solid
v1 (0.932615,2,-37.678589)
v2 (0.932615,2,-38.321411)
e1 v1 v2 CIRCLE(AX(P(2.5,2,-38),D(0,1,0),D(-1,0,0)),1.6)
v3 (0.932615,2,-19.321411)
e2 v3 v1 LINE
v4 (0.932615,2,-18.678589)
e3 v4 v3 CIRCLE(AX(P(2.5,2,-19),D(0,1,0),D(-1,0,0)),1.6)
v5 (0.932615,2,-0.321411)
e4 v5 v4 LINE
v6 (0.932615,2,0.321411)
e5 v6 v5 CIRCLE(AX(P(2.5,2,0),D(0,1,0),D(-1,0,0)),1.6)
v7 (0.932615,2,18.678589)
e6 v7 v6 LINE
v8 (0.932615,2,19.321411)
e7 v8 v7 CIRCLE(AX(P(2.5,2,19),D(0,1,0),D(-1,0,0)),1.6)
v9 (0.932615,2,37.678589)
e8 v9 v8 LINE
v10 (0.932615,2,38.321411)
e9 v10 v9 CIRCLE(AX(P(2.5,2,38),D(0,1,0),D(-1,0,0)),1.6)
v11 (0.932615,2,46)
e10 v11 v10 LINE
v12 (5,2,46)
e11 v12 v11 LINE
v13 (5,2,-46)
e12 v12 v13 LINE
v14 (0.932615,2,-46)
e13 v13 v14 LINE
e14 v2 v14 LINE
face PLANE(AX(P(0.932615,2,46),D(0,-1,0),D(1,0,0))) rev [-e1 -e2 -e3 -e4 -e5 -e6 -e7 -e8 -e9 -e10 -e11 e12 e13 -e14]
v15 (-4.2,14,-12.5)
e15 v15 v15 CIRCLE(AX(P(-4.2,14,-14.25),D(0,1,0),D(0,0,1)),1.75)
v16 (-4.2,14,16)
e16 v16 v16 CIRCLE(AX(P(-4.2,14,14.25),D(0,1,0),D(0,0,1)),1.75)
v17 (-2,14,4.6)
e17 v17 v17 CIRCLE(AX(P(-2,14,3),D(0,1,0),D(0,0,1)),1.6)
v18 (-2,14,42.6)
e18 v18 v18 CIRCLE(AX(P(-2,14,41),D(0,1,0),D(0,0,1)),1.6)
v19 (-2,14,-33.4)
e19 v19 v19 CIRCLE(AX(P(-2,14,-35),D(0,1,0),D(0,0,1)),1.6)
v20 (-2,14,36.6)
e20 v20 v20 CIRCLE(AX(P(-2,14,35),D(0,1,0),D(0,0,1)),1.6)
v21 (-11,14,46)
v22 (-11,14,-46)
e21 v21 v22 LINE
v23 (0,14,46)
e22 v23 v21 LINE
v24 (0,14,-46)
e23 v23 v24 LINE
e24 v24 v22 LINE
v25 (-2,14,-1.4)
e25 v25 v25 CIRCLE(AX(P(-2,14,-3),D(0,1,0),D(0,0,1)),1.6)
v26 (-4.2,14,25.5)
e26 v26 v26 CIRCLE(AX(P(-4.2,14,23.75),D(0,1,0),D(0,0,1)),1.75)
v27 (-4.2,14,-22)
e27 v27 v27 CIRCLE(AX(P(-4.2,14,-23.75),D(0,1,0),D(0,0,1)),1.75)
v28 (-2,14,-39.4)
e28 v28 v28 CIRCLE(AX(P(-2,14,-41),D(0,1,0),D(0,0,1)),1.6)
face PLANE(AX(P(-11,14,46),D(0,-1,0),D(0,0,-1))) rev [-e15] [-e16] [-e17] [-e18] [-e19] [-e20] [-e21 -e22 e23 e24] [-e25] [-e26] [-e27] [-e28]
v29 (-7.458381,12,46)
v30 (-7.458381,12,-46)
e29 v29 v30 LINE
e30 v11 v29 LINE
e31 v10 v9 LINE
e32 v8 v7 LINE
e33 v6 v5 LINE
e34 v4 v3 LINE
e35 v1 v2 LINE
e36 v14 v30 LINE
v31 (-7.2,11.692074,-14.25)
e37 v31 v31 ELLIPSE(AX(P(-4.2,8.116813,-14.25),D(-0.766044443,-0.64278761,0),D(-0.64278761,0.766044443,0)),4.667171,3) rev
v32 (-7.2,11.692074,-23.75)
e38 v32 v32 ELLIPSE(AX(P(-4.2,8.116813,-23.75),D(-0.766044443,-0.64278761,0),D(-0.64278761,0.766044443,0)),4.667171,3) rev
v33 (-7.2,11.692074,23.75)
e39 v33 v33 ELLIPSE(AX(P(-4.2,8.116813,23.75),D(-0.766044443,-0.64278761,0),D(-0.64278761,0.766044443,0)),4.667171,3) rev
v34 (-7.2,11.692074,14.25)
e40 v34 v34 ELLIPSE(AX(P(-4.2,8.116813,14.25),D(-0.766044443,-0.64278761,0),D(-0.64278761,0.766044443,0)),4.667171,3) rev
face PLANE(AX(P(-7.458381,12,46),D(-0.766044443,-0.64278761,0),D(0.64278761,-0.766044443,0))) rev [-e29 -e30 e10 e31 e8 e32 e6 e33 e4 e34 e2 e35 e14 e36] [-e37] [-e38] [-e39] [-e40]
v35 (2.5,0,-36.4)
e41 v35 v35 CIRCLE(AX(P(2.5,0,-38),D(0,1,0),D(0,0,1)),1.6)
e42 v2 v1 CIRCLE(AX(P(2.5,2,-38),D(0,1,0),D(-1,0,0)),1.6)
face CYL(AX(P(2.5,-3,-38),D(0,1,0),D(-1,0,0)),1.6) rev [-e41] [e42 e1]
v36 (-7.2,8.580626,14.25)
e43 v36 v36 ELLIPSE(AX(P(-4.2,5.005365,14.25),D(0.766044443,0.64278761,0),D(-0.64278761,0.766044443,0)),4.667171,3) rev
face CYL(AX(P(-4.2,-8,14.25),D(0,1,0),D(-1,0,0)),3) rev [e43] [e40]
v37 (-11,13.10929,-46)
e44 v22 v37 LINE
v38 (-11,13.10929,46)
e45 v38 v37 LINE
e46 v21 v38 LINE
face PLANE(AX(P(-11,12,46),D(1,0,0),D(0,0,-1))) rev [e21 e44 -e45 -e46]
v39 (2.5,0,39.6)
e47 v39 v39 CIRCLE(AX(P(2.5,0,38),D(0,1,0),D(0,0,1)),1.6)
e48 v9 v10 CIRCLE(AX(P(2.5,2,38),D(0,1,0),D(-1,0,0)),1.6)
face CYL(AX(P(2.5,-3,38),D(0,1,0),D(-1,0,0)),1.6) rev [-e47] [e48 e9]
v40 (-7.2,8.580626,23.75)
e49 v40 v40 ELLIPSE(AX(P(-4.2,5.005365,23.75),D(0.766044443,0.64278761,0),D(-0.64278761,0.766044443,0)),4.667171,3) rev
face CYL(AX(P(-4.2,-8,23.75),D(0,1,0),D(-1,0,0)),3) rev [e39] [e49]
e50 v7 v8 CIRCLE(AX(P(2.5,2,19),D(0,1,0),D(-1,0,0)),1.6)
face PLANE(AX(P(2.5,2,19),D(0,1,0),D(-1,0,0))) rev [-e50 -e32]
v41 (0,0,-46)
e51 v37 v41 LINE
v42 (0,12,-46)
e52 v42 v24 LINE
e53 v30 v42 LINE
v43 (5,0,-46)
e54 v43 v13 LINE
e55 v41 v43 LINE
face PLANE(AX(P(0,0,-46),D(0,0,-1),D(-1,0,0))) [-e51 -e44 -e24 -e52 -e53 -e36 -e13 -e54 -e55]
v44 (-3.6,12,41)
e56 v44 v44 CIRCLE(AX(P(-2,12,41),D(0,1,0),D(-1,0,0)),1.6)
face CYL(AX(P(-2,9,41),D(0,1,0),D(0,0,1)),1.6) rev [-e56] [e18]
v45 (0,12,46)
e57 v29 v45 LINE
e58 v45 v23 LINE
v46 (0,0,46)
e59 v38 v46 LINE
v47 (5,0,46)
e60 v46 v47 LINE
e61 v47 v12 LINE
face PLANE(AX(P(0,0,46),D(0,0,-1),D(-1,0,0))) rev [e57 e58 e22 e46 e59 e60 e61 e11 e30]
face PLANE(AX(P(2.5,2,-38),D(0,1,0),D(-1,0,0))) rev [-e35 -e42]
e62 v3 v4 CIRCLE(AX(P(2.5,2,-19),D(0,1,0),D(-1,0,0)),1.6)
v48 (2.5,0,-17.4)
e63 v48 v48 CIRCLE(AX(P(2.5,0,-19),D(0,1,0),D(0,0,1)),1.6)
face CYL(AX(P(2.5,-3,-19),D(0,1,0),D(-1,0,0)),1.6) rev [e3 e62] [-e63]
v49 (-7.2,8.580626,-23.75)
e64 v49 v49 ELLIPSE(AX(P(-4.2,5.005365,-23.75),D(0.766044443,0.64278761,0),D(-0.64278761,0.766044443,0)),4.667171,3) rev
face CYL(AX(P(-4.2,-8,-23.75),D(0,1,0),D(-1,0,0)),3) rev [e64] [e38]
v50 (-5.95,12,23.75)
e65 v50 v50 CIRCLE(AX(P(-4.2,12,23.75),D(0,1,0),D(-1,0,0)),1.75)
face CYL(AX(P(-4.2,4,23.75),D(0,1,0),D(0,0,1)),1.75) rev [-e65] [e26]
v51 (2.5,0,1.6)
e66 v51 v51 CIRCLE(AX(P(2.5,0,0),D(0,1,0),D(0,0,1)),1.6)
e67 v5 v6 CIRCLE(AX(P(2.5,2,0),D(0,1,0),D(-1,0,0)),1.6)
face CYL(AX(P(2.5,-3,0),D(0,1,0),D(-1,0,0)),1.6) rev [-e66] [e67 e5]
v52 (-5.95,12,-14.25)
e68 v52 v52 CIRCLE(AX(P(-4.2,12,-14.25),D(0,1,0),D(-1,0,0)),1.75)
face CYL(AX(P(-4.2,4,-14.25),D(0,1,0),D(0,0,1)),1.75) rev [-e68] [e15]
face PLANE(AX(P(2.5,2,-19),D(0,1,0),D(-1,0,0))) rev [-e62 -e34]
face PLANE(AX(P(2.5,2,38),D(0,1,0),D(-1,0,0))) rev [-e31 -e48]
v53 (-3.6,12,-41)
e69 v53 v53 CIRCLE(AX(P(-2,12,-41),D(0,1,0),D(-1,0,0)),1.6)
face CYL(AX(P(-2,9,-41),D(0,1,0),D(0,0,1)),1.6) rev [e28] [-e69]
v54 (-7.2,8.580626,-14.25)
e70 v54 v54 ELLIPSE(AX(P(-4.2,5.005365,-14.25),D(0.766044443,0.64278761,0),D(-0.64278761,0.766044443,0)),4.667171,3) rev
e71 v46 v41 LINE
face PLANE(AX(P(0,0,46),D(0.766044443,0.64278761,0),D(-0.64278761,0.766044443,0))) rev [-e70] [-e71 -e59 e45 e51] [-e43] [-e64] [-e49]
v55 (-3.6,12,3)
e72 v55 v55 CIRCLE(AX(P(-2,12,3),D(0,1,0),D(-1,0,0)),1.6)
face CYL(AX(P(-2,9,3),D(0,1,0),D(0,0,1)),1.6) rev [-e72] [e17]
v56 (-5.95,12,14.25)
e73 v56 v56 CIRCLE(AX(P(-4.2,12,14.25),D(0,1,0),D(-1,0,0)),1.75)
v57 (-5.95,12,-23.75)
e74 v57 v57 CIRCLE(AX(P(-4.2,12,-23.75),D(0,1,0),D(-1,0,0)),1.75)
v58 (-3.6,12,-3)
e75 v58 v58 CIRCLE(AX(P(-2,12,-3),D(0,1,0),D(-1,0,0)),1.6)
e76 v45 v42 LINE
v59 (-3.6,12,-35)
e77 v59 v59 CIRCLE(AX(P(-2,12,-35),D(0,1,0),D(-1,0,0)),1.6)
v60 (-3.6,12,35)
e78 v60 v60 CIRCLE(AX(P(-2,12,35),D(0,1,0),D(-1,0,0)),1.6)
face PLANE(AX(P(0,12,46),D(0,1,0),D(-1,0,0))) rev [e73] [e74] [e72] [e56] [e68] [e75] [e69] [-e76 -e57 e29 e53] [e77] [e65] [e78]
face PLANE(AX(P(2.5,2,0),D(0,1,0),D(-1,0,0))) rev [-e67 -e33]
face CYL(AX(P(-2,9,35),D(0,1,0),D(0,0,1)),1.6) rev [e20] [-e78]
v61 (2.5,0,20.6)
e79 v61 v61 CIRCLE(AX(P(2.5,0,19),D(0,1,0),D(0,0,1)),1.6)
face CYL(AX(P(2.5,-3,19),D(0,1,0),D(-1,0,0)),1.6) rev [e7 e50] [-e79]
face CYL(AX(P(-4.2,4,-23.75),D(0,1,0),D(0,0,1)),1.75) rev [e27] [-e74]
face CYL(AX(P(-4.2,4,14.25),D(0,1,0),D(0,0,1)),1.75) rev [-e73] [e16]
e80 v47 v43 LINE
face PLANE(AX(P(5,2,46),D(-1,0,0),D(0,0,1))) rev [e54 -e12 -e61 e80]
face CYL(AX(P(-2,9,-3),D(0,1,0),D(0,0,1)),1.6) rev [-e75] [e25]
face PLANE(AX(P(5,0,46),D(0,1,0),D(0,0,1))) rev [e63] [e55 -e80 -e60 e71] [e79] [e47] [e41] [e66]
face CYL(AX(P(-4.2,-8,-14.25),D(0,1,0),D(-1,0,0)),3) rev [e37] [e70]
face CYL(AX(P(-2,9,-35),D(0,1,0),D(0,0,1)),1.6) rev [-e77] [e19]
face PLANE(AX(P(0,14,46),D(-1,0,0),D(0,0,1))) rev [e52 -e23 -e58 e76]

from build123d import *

# Parameters (mm, degrees)
EXTRUDE_1_DEPTH      = 46
EXTRUDE_1_DEPTH_BACK = 46
SKETCH_2_R           = 1.6
CUT_EXTRUDE_1_DEPTH  = 5
SKETCH_3_R           = 1.6
CUT_EXTRUDE_2_DEPTH  = 5
SKETCH_4_R           = 1.75
CUT_EXTRUDE_3_DEPTH  = 10
SKETCH_5_R           = 3
CUT_EXTRUDE_4_DEPTH  = 20
SKETCH_6_W           = 108.593038012
SKETCH_6_H           = 21.321920706
CUT_EXTRUDE_5_DEPTH  = 20


with BuildPart() as part:
    # 스케치1 → 보스-돌출1 (new, two sides: drawn at the far end of the back side and taken through both)
    with BuildSketch(Plane.XY.offset(-EXTRUDE_1_DEPTH_BACK)):
        Polygon((5, 0), (0, 0), (-10.069195574, 12), (-11, 12), (-11, 14), (0, 14), (0, 12), (-7.458380995, 12), (0.932615316, 2), (5, 2), align=None)
    extrude(amount=EXTRUDE_1_DEPTH + EXTRUDE_1_DEPTH_BACK)

    # 스케치2 → 컷-돌출1 (cut)
    with BuildSketch(Plane(origin=(0, 14, 0), x_dir=(1, 0, 0), z_dir=(0, 1, 0))):
        with Locations((-2, 41)):
            Circle(SKETCH_2_R)
        with Locations((-2, 35)):
            Circle(SKETCH_2_R)
        with Locations((-2, 3)):
            Circle(SKETCH_2_R)
        with Locations((-2, -3)):
            Circle(SKETCH_2_R)
        with Locations((-2, -35)):
            Circle(SKETCH_2_R)
        with Locations((-2, -41)):
            Circle(SKETCH_2_R)
    extrude(amount=-CUT_EXTRUDE_1_DEPTH, mode=Mode.SUBTRACT)

    # 스케치3 → 컷-돌출2 (cut)
    with BuildSketch(Plane(origin=(0, 2, 0), x_dir=(1.0, 1.17531647254689e-12, 0), z_dir=(-1.17531647254689e-12, 1.0, 0))):
        with Locations((2.5, 38)):
            Circle(SKETCH_3_R)
        with Locations((2.5, 19)):
            Circle(SKETCH_3_R)
        with Locations((2.5, 0)):
            Circle(SKETCH_3_R)
        with Locations((2.5, -19)):
            Circle(SKETCH_3_R)
        with Locations((2.5, -38)):
            Circle(SKETCH_3_R)
    extrude(amount=-CUT_EXTRUDE_2_DEPTH, mode=Mode.SUBTRACT)

    # 스케치4 → 컷-돌출3 (cut)
    with BuildSketch(Plane(origin=(0, 14, 0), x_dir=(1, 0, 0), z_dir=(0, 1, 0))):
        with Locations((-4.2, 23.75)):
            Circle(SKETCH_4_R)
        with Locations((-4.2, 14.25)):
            Circle(SKETCH_4_R)
        with Locations((-4.2, -14.25)):
            Circle(SKETCH_4_R)
        with Locations((-4.2, -23.75)):
            Circle(SKETCH_4_R)
    extrude(amount=-CUT_EXTRUDE_3_DEPTH, mode=Mode.SUBTRACT)

    # 스케치5 → 컷-돌출4 (cut)
    with BuildSketch(Plane.XZ.offset(-12)):
        with Locations((-4.2, 23.75)):
            Circle(SKETCH_5_R)
        with Locations((-4.2, 14.25)):
            Circle(SKETCH_5_R)
        with Locations((-4.2, -14.25)):
            Circle(SKETCH_5_R)
        with Locations((-4.2, -23.75)):
            Circle(SKETCH_5_R)
    extrude(amount=CUT_EXTRUDE_4_DEPTH, mode=Mode.SUBTRACT)

    # 스케치6 → 컷-돌출5 (cut)
    with BuildSketch(Plane(origin=(0, 0, 0), x_dir=(0, 0, 1), z_dir=(-0.766044443118979, -0.6427876096865381, 0))):
        with Locations((-2.330535519, 21.720159804)):
            Rectangle(SKETCH_6_W, SKETCH_6_H)
    extrude(amount=CUT_EXTRUDE_5_DEPTH, mode=Mode.SUBTRACT)


solid = part.part
